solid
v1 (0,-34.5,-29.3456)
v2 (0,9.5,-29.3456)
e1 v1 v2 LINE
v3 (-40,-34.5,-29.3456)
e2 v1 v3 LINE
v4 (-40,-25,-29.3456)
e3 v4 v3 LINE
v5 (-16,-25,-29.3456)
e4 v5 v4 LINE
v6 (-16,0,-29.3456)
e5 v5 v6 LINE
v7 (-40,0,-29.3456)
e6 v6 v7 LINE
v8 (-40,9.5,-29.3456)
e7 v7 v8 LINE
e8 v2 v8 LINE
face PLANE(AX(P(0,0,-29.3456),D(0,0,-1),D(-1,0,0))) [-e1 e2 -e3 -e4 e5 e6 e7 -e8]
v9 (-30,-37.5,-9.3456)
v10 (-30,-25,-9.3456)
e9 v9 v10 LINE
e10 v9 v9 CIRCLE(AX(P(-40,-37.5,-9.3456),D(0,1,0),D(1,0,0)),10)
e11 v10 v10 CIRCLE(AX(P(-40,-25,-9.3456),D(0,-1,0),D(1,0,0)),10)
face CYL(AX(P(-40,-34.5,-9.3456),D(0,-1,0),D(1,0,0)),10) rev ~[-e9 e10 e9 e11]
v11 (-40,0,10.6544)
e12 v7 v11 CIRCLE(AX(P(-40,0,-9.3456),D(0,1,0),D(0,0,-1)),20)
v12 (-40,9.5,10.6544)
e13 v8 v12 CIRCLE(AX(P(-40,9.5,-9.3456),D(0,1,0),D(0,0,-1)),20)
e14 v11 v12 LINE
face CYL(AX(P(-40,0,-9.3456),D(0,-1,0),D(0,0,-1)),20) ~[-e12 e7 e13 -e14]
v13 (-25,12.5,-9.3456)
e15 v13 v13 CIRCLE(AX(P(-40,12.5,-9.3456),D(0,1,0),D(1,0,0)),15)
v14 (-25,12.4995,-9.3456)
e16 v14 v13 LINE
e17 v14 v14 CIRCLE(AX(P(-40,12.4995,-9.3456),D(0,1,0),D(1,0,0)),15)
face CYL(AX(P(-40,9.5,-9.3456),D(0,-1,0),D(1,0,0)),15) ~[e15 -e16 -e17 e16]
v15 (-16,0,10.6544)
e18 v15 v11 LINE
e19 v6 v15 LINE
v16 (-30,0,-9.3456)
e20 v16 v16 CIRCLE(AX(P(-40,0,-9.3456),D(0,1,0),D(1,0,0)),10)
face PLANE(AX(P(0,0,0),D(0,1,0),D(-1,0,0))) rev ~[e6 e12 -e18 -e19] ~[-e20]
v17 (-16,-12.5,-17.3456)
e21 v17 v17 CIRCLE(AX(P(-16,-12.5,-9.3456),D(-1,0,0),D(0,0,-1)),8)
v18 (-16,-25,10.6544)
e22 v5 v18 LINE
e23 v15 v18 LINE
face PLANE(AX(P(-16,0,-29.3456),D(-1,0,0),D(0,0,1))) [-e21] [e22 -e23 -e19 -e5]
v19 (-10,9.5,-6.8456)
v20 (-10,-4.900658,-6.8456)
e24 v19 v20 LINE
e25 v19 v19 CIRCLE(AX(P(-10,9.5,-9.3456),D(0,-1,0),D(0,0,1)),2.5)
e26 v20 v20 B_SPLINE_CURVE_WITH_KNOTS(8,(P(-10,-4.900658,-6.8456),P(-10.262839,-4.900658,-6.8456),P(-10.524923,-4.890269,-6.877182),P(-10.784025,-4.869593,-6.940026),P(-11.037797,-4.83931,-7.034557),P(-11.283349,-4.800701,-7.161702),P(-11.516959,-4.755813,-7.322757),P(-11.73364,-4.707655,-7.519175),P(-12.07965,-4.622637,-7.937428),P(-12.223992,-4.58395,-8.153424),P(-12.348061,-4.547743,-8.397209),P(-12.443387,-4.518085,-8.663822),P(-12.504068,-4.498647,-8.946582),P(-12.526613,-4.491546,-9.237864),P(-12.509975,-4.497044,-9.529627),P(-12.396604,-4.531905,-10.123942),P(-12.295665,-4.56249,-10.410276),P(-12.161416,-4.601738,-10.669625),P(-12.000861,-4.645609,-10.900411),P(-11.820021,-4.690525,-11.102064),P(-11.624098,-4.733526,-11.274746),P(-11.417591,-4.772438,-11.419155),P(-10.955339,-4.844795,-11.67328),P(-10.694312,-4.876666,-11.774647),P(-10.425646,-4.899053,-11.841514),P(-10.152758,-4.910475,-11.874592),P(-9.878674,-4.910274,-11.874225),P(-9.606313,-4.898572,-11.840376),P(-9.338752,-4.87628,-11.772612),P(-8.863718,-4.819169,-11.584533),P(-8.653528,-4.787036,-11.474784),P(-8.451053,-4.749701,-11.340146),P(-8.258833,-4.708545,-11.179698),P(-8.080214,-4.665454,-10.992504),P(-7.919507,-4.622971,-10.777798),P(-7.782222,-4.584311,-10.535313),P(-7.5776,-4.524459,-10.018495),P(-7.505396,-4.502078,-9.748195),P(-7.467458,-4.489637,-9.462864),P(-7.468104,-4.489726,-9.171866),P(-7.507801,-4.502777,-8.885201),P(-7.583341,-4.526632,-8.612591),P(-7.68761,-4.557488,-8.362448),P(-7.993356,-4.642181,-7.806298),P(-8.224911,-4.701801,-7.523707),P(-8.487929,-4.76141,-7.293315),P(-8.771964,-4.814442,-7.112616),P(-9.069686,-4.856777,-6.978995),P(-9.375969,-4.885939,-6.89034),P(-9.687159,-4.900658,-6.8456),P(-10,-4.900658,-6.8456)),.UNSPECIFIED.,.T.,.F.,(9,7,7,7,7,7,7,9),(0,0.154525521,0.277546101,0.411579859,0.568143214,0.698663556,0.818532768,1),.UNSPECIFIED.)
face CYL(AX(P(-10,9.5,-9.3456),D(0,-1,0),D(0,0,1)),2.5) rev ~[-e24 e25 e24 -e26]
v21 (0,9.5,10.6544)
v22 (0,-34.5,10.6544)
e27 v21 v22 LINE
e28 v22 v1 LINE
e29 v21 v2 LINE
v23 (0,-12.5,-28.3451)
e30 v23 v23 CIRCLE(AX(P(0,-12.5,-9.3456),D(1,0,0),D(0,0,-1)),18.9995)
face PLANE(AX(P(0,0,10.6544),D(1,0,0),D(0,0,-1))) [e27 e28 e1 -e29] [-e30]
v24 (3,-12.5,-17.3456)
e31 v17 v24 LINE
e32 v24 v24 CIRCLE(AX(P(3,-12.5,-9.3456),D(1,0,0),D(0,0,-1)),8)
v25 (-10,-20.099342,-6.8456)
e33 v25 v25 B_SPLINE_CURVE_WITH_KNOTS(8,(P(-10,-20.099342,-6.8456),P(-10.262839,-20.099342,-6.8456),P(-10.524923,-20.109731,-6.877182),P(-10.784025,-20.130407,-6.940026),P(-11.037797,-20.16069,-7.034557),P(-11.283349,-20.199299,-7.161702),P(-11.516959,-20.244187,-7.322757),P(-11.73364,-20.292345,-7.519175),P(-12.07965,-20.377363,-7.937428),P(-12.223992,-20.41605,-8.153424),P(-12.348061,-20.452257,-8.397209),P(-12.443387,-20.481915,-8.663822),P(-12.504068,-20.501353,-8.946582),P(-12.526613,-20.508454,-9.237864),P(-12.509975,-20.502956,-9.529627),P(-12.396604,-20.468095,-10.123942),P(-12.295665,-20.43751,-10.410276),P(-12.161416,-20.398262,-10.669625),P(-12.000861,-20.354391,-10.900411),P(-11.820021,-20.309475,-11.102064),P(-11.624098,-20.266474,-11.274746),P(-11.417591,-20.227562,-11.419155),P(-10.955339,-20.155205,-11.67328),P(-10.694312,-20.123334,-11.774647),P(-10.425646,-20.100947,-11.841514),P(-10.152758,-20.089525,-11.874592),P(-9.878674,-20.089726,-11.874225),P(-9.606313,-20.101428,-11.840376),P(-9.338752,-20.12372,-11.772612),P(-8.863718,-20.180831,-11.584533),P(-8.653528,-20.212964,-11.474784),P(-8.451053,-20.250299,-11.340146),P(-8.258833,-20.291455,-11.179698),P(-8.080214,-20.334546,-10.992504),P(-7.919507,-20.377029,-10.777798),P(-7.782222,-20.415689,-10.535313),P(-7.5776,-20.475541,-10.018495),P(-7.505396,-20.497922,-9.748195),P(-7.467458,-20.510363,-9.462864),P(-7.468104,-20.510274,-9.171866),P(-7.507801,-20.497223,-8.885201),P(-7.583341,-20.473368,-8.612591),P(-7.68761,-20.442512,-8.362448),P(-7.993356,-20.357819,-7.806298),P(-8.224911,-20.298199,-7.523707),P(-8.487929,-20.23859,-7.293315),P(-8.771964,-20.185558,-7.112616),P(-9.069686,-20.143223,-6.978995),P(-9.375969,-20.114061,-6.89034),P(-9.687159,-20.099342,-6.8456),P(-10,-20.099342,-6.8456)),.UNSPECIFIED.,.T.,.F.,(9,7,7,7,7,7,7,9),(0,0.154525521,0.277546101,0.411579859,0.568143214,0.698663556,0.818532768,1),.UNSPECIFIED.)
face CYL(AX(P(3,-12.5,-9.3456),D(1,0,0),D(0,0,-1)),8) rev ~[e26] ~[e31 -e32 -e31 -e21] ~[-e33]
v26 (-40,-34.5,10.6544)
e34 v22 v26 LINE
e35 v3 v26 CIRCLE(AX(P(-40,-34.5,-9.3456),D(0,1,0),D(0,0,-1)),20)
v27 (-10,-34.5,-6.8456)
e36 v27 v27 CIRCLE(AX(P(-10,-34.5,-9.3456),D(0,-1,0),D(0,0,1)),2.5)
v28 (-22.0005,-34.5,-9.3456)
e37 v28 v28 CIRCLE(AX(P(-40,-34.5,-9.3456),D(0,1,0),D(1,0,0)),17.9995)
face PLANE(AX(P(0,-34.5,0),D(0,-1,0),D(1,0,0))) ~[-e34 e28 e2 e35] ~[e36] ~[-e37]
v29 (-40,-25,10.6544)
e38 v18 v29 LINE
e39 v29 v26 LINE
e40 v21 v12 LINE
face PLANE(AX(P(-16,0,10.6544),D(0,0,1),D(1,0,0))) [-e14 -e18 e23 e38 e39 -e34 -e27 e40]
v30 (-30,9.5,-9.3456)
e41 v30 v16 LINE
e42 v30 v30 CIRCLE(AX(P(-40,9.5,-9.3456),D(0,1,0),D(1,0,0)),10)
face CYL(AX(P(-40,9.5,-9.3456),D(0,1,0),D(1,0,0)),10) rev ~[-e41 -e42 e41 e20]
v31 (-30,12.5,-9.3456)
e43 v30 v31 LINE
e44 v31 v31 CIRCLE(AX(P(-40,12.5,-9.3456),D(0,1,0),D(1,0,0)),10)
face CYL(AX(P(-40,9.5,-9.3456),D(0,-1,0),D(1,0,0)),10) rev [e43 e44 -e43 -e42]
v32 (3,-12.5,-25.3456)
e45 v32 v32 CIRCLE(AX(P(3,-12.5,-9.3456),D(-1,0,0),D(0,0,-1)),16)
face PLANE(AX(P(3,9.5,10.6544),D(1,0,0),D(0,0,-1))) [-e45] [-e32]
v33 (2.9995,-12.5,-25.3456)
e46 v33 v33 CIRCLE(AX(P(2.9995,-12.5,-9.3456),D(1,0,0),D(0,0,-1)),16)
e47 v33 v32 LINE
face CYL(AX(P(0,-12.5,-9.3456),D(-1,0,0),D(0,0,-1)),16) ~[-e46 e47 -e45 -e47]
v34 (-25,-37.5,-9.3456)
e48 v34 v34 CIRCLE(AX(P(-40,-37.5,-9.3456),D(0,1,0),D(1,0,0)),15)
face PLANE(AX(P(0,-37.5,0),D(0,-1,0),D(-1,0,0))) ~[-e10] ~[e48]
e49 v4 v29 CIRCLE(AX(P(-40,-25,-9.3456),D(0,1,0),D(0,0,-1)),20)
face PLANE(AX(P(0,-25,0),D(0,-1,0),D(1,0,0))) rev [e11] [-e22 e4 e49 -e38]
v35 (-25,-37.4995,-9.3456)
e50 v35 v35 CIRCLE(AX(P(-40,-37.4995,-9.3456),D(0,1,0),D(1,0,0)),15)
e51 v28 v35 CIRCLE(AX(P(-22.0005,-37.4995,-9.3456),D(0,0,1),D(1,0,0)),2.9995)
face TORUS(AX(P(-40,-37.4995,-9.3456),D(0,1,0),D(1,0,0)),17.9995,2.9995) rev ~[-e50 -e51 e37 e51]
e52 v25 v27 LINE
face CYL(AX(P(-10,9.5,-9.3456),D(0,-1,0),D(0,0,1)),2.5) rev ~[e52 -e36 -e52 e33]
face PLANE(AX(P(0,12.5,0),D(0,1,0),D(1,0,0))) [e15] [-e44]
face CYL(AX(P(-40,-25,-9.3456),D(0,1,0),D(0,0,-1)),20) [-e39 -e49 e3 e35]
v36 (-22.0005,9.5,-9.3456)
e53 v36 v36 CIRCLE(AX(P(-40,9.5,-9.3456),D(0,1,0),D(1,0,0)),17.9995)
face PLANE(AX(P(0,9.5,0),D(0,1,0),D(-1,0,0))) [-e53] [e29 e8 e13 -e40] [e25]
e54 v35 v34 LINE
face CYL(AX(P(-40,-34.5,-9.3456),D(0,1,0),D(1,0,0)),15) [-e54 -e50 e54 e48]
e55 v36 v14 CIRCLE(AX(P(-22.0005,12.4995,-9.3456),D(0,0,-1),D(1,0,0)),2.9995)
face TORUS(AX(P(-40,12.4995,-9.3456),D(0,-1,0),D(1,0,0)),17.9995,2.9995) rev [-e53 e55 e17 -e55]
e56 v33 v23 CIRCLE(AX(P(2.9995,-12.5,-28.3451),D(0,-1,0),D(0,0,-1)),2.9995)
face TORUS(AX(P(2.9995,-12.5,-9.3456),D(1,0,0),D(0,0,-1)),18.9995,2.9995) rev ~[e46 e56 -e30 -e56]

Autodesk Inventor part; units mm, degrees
ref_plane "YZ Plane" through (0, 0, 0) normal (1, 0, 0) x (0, 1, 0)
ref_plane "XZ Plane" through (0, 0, 0) normal (0, 1, 0) x (-1, 0, 0)
ref_plane "XY Plane" through (0, 0, 0) normal (0, 0, 1) x (1, 0, 0)
sketch "Szkic1" plane through (0, 0, 0) normal (0, 1, 0) x (-1, 0, 0)
  line L0 (0, 10.6544) -> (0, -29.3456)
  line L1 (0, -29.3456) -> (40, -29.3456)
  line L2 (0, 10.6544) -> (40, 10.6544)
  arc A0 (40, -29.3456) -> (40, 10.6544) centre (40, -9.3456) ccw
  point P0 (0, 0)
  dimension "d0" = 40
  dimension "d1" = 40
extrude "Wyciągnięcie proste1" add sketch "Szkic1" along normal blind 9.5
sketch "Szkic2" plane through (0, 9.5, 0) normal (0, 1, 0) x (1, 0, 0)
  line L0 (-40, -10.6544) -> (0, -10.6544) projected
  line L1 (0.0007, -10.6544) -> (-40, -10.6544)
  arc A0 (-40, 29.3456) -> (-40, -10.6544) centre (-40, 9.3456) ccw projected
  circle A1 centre (-40, 9.3456) radius 15
  circle A2 centre (-40, 9.3456) radius 10
  point P0 (0, 0)
  dimension "d4" = 30
  dimension "d5" = 20
extrude "Wyciągnięcie proste2" add sketch "Szkic2" along normal blind 3
fillet "Zaokrąglenie1" radius 3 1 edges at (-55, 9.5, -9.3456)
sketch "Szkic3" plane through (0, 0, 0) normal (0, -1, 0) x (1, 0, 0)
  line L0 (0, 10.6544) -> (0, -29.3456) projected
  line L1 (0, -29.3456) -> (-16, -29.3456)
  line L2 (0, -29.3456) -> (-40, -29.3456) projected
  line L3 (-16, -29.3456) -> (-16, 10.6544)
  line L4 (-40, 10.6544) -> (0, 10.6544) projected
  line L5 (-16, 10.6544) -> (0, 10.6544)
  line L6 (0, 10.6544) -> (0, -29.3456)
  point P0 (0, 0)
  dimension "d9" = 16
  dimension "d10" = 40
extrude "Wyciągnięcie proste3" add sketch "Szkic3" along normal blind 12.5
sketch "Szkic4" plane through (-40, 9.5, -9.3456) normal (0, 1, 0) x (1, 0, 0)
  point P0 (40, -9.3456)
mirror "Odbij1" about plane through (-8, -12.5, -9.3456) normal (0, -1, 0)
sketch "Szkic7" plane through (0, 9.5, 10.6544) normal (1, 0, 0) x (0, 0, -1)
  point P0 (10.6544, -9.5)
sketch "Szkic8" plane through (0, 9.5, 10.6544) normal (1, 0, 0) x (0, 0, -1)
  point P0 (10.6544, -9.5)
sketch "Szkic9" plane through (0, 9.5, 10.6544) normal (1, 0, 0) x (0, 0, -1)
  line L0 (40, 0) -> (0, 0) projected
  line L1 (0, 0) -> (0, -22)
  line L2 (0, -44) -> (0, 0) projected
  line L3 (0, -22) -> (20, -22)
  circle A0 centre (20, -22) radius 16
  circle A1 centre (20, -22) radius 8
  point P0 (10.6544, -9.5)
  dimension "d15" = 22
  dimension "d16" = 32
  dimension "d17" = 16
extrude "Wyciągnięcie proste4" cut sketch "Szkic9" against normal blind 20 contours A1
sketch "Szkic10" plane through (0, 9.5, 10.6544) normal (1, 0, 0) x (0, 0, -1)
  line L0 (0, -9.5) -> (0, 0) projected
  line L1 (0, 0) -> (0, -22)
  line L2 (0, -22) -> (20, -22)
  circle A0 centre (20, -22) radius 16
  point P0 (10.6544, -9.5)
  dimension "d20" = 22
  dimension "d21" = 20
  dimension "d22" = 32
extrude "Wyciągnięcie proste5" add sketch "Szkic10" along normal blind 3
fillet "Zaokrąglenie2" radius 3 1 edges at (0, -12.5, 6.6544)
sketch "Szkic11" plane through (3, -12.5, -9.3456) normal (1, 0, 0) x (0, 0, -1)
  circle A0 centre (0, 0) radius 8
  point P0 (-9.3456, 12.5)
  dimension "d26" = 16
extrude "Wyciągnięcie proste6" cut sketch "Szkic11" against normal blind 20
sketch "Szkic12" plane through (0, 0, 0) normal (0, -1, 0) x (1, 0, 0)
  point P0 (0, 0)
sketch "Szkic13" plane through (-40, -34.5, -9.3456) normal (0, -1, 0) x (1, 0, 0)
  point P0 (40, 9.3456)
sketch "Szkic14" plane through (-40, 12.5, -9.3456) normal (0, 1, 0) x (1, 0, 0)
  point P0 (40, -9.3456)
sketch "Szkic15" plane through (-40, 9.5, -9.3456) normal (0, 1, 0) x (1, 0, 0)
  circle A0 centre (0, 0) radius 10
  point P0 (40, -9.3456)
  dimension "d29" = 20
extrude "Wyciągnięcie proste7" cut sketch "Szkic15" against normal blind 9.5
sketch "Szkic16" plane through (-40, -34.5, -9.3456) normal (0, -1, 0) x (1, 0, 0)
  circle A0 centre (0, 0) radius 10
  point P0 (40, 9.3456)
  dimension "d32" = 20
extrude "Wyciągnięcie proste8" cut sketch "Szkic16" against normal blind 9.5
sketch "Szkic17" plane through (0, 9.5, 0) normal (0, 1, 0) x (1, 0, 0)
  line L0 (0, -10.6544) -> (0, 29.3456) projected
  line L1 (0, 9.3456) -> (-10, 9.3456)
  point P0 (0, 0)
hole "Otwór1" at (-10, 9.5, -9.3456) direction (0, -1, 0) diameter 5 depth 75.75 tip angle 118
properties part number "nakrętka" material "Stal nierdzewna, austenityczna"
